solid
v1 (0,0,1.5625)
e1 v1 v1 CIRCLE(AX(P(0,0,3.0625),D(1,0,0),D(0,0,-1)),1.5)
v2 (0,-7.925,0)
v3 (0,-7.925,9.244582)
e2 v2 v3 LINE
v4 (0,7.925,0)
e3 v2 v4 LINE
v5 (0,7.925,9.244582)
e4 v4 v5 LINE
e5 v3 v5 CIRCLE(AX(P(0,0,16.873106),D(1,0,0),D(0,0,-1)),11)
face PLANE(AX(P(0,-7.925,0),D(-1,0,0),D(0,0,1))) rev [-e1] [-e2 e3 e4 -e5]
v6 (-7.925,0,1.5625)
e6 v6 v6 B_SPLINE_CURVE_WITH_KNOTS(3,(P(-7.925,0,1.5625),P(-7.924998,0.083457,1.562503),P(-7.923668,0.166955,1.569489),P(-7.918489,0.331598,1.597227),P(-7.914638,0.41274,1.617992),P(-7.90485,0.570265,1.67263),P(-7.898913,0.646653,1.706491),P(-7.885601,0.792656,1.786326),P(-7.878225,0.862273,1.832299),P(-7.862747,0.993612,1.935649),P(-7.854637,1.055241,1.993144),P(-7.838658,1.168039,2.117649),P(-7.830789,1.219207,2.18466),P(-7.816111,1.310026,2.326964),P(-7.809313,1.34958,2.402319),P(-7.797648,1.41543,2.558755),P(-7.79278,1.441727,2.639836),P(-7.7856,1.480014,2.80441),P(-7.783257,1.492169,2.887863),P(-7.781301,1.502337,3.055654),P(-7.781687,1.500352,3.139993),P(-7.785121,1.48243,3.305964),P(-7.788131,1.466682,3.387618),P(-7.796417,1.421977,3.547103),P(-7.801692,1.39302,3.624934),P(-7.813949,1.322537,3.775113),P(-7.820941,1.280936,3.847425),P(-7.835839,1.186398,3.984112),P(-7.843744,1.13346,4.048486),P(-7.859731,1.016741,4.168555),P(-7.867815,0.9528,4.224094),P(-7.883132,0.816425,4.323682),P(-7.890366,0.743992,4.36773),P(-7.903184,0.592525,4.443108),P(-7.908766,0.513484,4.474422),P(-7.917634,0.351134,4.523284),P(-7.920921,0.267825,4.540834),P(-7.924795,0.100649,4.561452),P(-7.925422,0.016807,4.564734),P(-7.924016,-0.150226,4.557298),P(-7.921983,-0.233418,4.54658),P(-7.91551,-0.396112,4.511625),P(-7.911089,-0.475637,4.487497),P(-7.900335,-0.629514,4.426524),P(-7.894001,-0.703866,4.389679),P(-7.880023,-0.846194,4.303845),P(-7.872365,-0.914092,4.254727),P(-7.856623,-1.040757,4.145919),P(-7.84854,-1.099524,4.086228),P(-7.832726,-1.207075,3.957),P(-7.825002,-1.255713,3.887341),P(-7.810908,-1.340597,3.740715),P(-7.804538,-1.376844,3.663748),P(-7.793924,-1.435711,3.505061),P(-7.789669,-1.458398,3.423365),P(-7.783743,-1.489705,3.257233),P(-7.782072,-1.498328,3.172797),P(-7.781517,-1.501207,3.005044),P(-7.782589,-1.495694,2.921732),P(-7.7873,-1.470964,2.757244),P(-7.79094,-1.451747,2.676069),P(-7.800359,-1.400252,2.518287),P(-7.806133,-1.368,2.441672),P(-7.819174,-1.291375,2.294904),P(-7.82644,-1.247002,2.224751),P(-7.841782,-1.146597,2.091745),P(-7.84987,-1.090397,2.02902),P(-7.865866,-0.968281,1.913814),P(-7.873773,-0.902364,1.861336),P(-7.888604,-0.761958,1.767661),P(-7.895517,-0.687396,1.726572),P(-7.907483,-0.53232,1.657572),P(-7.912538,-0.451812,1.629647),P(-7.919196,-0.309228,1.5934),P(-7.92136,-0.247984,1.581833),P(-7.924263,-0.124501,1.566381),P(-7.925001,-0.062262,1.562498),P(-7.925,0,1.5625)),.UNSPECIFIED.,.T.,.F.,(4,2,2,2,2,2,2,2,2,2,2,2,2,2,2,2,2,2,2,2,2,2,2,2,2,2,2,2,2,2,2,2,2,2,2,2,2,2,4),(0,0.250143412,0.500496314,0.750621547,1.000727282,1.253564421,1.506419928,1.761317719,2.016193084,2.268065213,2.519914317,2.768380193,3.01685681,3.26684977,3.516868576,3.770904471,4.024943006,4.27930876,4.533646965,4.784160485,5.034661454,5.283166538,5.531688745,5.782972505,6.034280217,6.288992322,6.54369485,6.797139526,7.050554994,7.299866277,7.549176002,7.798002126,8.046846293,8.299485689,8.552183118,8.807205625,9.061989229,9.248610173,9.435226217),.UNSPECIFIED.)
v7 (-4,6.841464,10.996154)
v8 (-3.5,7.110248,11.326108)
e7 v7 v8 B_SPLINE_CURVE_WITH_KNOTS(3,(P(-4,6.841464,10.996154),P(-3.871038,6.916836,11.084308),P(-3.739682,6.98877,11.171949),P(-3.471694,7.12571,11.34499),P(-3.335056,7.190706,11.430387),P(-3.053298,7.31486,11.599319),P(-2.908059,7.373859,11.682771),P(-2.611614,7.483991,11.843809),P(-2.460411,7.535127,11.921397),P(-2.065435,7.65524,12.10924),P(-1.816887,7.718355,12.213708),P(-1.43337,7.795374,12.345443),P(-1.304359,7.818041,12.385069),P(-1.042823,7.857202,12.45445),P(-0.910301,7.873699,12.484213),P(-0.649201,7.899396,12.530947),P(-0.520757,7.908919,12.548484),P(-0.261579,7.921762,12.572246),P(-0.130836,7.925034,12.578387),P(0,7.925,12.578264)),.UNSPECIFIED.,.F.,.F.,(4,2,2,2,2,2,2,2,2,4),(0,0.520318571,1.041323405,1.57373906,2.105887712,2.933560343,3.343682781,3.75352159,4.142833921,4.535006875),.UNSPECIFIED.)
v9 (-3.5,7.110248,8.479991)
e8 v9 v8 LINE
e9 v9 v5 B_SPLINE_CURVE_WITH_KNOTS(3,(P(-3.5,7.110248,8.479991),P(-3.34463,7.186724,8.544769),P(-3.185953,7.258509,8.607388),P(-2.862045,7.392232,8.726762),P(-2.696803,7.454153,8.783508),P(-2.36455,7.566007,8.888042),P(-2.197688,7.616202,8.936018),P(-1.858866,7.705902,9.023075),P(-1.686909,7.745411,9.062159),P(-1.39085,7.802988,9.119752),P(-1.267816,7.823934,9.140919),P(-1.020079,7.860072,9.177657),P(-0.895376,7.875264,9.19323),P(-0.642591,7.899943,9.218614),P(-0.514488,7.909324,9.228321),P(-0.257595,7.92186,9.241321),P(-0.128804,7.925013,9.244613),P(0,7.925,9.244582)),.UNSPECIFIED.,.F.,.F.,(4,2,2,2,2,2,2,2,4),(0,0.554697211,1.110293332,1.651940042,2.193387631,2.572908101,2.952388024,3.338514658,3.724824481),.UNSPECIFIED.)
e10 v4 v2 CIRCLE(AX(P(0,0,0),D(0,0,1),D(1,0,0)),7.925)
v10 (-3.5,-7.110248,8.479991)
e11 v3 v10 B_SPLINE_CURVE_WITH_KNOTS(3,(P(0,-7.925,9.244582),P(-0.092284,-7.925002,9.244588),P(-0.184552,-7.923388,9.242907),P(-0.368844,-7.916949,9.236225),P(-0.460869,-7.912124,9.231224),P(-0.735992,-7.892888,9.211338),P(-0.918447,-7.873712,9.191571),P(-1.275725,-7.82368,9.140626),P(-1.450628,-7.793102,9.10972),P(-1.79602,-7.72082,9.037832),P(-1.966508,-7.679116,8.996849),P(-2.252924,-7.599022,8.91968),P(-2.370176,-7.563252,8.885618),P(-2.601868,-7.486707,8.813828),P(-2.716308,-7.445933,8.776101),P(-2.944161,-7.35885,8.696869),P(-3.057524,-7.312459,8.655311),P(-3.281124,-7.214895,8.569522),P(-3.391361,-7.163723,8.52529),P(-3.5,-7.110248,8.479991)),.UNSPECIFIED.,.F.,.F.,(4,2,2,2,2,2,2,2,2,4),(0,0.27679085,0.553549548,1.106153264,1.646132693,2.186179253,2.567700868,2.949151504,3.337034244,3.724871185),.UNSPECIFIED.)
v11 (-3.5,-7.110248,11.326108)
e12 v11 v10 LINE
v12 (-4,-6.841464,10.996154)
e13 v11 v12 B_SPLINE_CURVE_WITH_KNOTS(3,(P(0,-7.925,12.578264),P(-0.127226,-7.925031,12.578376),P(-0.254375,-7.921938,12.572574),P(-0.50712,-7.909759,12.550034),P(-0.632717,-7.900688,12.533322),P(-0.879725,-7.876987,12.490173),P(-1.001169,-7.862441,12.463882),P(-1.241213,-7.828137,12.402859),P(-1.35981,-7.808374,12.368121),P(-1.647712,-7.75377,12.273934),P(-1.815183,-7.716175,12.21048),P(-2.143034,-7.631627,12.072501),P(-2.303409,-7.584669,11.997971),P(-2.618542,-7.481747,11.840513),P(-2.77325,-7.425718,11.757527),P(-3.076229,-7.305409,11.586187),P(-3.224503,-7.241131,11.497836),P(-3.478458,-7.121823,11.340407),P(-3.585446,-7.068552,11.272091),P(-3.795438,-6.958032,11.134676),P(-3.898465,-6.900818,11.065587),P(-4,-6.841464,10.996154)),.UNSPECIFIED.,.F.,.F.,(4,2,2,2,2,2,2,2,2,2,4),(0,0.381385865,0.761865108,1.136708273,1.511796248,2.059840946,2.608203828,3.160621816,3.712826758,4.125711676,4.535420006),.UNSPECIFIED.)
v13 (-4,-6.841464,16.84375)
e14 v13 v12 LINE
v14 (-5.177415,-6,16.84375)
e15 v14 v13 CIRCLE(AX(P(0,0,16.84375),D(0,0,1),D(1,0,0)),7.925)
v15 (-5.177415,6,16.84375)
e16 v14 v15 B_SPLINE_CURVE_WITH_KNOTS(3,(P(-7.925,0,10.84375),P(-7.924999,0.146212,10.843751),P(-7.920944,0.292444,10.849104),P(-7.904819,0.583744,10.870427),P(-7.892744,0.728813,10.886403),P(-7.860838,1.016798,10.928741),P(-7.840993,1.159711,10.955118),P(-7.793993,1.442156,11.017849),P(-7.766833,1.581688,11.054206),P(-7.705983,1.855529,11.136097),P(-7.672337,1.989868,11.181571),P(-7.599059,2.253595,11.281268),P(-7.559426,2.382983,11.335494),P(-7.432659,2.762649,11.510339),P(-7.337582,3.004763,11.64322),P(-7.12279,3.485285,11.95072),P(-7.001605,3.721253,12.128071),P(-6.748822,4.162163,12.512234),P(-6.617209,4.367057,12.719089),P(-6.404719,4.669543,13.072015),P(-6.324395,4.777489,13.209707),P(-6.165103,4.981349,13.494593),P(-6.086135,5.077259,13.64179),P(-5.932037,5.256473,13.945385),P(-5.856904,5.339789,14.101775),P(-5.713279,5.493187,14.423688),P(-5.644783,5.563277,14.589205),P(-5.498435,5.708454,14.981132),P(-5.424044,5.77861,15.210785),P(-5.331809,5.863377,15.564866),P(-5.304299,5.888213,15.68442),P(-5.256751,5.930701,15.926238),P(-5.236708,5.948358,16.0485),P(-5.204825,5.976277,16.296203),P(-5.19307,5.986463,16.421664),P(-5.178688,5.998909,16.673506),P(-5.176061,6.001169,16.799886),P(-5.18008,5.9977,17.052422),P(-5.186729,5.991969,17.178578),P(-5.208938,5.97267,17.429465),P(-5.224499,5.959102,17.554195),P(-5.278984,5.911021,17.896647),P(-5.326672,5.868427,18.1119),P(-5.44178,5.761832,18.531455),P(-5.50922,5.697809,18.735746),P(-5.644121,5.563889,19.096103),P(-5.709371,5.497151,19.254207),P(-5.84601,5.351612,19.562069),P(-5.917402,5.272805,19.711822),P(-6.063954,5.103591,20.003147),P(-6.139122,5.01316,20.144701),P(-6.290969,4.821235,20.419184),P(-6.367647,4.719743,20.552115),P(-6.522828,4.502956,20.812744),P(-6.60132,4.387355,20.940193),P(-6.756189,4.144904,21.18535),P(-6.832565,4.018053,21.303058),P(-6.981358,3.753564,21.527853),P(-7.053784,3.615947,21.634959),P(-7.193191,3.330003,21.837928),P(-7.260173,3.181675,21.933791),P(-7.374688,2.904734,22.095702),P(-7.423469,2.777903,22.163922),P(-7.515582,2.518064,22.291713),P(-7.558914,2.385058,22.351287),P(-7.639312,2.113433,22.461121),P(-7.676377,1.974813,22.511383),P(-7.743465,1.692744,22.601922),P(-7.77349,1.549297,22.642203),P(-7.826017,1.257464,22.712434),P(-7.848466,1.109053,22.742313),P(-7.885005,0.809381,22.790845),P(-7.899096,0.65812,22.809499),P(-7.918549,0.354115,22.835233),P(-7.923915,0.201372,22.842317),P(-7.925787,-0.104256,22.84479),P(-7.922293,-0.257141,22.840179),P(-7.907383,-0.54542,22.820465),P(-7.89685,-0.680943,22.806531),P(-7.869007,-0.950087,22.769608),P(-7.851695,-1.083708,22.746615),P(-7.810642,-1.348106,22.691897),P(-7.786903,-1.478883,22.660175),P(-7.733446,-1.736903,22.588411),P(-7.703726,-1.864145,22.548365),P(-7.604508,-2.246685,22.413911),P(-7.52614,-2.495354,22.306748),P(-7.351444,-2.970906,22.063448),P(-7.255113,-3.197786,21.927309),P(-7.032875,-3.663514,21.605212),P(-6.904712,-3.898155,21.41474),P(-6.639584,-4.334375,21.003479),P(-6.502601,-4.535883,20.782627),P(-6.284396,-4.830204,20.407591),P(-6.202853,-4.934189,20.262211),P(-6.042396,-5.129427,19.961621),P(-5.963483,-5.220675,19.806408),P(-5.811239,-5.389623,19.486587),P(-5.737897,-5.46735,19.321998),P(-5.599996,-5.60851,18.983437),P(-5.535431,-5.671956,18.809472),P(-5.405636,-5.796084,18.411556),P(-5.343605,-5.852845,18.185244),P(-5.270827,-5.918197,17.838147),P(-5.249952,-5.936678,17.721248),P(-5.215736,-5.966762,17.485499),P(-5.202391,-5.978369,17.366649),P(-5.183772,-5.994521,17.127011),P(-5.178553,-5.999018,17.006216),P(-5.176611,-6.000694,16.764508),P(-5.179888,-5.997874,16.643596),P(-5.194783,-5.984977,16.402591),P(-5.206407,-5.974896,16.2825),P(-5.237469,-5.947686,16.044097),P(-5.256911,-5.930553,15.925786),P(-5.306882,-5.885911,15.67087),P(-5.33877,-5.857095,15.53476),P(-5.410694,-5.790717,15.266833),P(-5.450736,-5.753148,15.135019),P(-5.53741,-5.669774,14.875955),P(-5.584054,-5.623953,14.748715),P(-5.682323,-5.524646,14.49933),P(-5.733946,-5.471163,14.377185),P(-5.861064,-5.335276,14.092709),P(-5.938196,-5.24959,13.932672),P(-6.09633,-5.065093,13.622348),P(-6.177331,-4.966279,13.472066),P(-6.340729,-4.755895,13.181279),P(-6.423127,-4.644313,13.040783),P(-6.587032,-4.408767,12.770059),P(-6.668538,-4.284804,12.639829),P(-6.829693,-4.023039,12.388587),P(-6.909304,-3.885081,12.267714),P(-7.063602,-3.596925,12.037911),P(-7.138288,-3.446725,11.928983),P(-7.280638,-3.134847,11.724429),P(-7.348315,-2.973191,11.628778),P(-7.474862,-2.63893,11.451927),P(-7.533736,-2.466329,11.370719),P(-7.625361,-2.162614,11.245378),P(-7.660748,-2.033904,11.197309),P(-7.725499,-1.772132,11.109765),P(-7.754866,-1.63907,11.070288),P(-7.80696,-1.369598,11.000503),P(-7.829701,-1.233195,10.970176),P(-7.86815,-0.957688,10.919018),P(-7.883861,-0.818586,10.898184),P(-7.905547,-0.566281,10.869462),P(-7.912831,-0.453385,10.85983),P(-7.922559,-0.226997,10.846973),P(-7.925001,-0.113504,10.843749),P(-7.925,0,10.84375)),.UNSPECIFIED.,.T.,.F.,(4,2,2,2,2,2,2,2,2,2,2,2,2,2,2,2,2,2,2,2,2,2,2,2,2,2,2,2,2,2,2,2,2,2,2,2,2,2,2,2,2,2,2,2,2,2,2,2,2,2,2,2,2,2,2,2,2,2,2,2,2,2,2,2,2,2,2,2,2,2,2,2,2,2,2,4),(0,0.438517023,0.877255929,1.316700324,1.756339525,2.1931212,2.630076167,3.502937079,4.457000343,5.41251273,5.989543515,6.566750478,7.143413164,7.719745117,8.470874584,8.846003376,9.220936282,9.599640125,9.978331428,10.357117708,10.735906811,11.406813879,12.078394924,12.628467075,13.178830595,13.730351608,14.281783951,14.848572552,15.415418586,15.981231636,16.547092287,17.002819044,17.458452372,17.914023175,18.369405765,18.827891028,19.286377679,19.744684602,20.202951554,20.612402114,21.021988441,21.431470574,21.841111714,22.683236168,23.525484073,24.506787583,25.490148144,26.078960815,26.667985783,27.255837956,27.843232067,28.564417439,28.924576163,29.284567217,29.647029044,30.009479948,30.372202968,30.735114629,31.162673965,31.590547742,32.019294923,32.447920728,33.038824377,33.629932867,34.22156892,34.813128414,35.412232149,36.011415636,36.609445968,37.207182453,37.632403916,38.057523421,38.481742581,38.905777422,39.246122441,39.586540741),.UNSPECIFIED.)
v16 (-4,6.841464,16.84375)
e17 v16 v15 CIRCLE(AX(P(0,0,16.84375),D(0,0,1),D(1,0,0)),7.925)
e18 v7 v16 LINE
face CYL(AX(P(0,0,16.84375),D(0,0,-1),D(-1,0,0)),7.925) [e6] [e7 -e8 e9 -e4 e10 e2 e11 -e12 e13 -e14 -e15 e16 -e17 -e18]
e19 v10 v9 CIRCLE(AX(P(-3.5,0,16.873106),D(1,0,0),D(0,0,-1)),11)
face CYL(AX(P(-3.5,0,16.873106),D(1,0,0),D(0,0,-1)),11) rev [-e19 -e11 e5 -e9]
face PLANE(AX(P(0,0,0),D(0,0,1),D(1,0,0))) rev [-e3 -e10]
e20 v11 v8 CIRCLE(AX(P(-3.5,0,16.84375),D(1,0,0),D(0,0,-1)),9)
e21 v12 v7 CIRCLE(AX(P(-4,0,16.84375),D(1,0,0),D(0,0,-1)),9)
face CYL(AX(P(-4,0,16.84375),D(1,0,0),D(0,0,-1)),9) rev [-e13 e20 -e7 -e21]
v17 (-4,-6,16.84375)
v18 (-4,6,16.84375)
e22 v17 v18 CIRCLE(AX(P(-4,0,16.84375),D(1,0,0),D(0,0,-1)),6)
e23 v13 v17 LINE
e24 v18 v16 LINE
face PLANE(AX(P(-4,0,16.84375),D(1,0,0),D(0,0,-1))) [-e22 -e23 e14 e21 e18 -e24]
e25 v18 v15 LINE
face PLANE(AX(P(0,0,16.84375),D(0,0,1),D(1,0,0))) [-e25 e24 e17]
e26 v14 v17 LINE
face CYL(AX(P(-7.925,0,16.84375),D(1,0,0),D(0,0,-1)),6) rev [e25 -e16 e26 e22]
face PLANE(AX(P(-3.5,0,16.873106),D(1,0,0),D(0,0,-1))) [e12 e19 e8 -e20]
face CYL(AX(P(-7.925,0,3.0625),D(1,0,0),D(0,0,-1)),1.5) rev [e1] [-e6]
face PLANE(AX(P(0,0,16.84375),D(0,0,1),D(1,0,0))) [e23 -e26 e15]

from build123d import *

# Parameters (mm, degrees)
SKETCH1_R               = 7.925
EXTRUDE1_DEPTH          = 16.84375
CUT_EXTRUDE1_DEPTH      = 21.231736556
CUT_EXTRUDE1_DEPTH_BACK = 21.231736556
SKETCH2_W               = 7.925
SKETCH2_H               = 17
SKETCH3_R               = 11
CUT_EXTRUDE2_DEPTH      = 3.5
SKETCH6_R               = 9
CUT_EXTRUDE5_DEPTH      = 4
SKETCH7_R               = 6
SKETCH7_R_2             = 1.5
CUT_EXTRUDE6_DEPTH      = 21.231736717


with BuildPart() as part:
    # Sketch1 → Extrude1 (new body)
    with BuildSketch(Plane.XY):
        Circle(SKETCH1_R)
    extrude(amount=EXTRUDE1_DEPTH)

    # Sketch2 → Cut-Extrude1 (cut, two sides: drawn at the far end of the back side and taken through both)
    with BuildSketch(Plane(origin=(0, 0, 0), x_dir=(1, 0, 0), z_dir=(0, 1, 0)).offset(-CUT_EXTRUDE1_DEPTH_BACK)):
        with Locations((3.9625, -8.5)):
            Rectangle(SKETCH2_W, SKETCH2_H)
    extrude(amount=CUT_EXTRUDE1_DEPTH + CUT_EXTRUDE1_DEPTH_BACK, mode=Mode.SUBTRACT)

    # Sketch3 → Cut-Extrude2 (cut)
    with BuildSketch(Plane(origin=(0, 0, 0), x_dir=(0, 0, -1), z_dir=(1, 0, 0))):
        with Locations((-16.873106172, 0)):
            Circle(SKETCH3_R)
    extrude(amount=-CUT_EXTRUDE2_DEPTH, mode=Mode.SUBTRACT)

    # Sketch6 → Cut-Extrude5 (cut)
    with BuildSketch(Plane(origin=(0, 0, 0), x_dir=(0, 0, -1), z_dir=(1, 0, 0))):
        with Locations((-16.84375, 0)):
            Circle(SKETCH6_R)
    extrude(amount=-CUT_EXTRUDE5_DEPTH, mode=Mode.SUBTRACT)

    # Sketch7 → Cut-Extrude6 (cut, through all)
    with BuildSketch(Plane(origin=(0, 0, 0), x_dir=(0, 0, -1), z_dir=(1, 0, 0))):
        with Locations((-16.84375, 0)):
            Circle(SKETCH7_R)
        with Locations((-3.0625, 0)):
            Circle(SKETCH7_R_2)
    extrude(amount=-CUT_EXTRUDE6_DEPTH, mode=Mode.SUBTRACT)


solid = part.part
